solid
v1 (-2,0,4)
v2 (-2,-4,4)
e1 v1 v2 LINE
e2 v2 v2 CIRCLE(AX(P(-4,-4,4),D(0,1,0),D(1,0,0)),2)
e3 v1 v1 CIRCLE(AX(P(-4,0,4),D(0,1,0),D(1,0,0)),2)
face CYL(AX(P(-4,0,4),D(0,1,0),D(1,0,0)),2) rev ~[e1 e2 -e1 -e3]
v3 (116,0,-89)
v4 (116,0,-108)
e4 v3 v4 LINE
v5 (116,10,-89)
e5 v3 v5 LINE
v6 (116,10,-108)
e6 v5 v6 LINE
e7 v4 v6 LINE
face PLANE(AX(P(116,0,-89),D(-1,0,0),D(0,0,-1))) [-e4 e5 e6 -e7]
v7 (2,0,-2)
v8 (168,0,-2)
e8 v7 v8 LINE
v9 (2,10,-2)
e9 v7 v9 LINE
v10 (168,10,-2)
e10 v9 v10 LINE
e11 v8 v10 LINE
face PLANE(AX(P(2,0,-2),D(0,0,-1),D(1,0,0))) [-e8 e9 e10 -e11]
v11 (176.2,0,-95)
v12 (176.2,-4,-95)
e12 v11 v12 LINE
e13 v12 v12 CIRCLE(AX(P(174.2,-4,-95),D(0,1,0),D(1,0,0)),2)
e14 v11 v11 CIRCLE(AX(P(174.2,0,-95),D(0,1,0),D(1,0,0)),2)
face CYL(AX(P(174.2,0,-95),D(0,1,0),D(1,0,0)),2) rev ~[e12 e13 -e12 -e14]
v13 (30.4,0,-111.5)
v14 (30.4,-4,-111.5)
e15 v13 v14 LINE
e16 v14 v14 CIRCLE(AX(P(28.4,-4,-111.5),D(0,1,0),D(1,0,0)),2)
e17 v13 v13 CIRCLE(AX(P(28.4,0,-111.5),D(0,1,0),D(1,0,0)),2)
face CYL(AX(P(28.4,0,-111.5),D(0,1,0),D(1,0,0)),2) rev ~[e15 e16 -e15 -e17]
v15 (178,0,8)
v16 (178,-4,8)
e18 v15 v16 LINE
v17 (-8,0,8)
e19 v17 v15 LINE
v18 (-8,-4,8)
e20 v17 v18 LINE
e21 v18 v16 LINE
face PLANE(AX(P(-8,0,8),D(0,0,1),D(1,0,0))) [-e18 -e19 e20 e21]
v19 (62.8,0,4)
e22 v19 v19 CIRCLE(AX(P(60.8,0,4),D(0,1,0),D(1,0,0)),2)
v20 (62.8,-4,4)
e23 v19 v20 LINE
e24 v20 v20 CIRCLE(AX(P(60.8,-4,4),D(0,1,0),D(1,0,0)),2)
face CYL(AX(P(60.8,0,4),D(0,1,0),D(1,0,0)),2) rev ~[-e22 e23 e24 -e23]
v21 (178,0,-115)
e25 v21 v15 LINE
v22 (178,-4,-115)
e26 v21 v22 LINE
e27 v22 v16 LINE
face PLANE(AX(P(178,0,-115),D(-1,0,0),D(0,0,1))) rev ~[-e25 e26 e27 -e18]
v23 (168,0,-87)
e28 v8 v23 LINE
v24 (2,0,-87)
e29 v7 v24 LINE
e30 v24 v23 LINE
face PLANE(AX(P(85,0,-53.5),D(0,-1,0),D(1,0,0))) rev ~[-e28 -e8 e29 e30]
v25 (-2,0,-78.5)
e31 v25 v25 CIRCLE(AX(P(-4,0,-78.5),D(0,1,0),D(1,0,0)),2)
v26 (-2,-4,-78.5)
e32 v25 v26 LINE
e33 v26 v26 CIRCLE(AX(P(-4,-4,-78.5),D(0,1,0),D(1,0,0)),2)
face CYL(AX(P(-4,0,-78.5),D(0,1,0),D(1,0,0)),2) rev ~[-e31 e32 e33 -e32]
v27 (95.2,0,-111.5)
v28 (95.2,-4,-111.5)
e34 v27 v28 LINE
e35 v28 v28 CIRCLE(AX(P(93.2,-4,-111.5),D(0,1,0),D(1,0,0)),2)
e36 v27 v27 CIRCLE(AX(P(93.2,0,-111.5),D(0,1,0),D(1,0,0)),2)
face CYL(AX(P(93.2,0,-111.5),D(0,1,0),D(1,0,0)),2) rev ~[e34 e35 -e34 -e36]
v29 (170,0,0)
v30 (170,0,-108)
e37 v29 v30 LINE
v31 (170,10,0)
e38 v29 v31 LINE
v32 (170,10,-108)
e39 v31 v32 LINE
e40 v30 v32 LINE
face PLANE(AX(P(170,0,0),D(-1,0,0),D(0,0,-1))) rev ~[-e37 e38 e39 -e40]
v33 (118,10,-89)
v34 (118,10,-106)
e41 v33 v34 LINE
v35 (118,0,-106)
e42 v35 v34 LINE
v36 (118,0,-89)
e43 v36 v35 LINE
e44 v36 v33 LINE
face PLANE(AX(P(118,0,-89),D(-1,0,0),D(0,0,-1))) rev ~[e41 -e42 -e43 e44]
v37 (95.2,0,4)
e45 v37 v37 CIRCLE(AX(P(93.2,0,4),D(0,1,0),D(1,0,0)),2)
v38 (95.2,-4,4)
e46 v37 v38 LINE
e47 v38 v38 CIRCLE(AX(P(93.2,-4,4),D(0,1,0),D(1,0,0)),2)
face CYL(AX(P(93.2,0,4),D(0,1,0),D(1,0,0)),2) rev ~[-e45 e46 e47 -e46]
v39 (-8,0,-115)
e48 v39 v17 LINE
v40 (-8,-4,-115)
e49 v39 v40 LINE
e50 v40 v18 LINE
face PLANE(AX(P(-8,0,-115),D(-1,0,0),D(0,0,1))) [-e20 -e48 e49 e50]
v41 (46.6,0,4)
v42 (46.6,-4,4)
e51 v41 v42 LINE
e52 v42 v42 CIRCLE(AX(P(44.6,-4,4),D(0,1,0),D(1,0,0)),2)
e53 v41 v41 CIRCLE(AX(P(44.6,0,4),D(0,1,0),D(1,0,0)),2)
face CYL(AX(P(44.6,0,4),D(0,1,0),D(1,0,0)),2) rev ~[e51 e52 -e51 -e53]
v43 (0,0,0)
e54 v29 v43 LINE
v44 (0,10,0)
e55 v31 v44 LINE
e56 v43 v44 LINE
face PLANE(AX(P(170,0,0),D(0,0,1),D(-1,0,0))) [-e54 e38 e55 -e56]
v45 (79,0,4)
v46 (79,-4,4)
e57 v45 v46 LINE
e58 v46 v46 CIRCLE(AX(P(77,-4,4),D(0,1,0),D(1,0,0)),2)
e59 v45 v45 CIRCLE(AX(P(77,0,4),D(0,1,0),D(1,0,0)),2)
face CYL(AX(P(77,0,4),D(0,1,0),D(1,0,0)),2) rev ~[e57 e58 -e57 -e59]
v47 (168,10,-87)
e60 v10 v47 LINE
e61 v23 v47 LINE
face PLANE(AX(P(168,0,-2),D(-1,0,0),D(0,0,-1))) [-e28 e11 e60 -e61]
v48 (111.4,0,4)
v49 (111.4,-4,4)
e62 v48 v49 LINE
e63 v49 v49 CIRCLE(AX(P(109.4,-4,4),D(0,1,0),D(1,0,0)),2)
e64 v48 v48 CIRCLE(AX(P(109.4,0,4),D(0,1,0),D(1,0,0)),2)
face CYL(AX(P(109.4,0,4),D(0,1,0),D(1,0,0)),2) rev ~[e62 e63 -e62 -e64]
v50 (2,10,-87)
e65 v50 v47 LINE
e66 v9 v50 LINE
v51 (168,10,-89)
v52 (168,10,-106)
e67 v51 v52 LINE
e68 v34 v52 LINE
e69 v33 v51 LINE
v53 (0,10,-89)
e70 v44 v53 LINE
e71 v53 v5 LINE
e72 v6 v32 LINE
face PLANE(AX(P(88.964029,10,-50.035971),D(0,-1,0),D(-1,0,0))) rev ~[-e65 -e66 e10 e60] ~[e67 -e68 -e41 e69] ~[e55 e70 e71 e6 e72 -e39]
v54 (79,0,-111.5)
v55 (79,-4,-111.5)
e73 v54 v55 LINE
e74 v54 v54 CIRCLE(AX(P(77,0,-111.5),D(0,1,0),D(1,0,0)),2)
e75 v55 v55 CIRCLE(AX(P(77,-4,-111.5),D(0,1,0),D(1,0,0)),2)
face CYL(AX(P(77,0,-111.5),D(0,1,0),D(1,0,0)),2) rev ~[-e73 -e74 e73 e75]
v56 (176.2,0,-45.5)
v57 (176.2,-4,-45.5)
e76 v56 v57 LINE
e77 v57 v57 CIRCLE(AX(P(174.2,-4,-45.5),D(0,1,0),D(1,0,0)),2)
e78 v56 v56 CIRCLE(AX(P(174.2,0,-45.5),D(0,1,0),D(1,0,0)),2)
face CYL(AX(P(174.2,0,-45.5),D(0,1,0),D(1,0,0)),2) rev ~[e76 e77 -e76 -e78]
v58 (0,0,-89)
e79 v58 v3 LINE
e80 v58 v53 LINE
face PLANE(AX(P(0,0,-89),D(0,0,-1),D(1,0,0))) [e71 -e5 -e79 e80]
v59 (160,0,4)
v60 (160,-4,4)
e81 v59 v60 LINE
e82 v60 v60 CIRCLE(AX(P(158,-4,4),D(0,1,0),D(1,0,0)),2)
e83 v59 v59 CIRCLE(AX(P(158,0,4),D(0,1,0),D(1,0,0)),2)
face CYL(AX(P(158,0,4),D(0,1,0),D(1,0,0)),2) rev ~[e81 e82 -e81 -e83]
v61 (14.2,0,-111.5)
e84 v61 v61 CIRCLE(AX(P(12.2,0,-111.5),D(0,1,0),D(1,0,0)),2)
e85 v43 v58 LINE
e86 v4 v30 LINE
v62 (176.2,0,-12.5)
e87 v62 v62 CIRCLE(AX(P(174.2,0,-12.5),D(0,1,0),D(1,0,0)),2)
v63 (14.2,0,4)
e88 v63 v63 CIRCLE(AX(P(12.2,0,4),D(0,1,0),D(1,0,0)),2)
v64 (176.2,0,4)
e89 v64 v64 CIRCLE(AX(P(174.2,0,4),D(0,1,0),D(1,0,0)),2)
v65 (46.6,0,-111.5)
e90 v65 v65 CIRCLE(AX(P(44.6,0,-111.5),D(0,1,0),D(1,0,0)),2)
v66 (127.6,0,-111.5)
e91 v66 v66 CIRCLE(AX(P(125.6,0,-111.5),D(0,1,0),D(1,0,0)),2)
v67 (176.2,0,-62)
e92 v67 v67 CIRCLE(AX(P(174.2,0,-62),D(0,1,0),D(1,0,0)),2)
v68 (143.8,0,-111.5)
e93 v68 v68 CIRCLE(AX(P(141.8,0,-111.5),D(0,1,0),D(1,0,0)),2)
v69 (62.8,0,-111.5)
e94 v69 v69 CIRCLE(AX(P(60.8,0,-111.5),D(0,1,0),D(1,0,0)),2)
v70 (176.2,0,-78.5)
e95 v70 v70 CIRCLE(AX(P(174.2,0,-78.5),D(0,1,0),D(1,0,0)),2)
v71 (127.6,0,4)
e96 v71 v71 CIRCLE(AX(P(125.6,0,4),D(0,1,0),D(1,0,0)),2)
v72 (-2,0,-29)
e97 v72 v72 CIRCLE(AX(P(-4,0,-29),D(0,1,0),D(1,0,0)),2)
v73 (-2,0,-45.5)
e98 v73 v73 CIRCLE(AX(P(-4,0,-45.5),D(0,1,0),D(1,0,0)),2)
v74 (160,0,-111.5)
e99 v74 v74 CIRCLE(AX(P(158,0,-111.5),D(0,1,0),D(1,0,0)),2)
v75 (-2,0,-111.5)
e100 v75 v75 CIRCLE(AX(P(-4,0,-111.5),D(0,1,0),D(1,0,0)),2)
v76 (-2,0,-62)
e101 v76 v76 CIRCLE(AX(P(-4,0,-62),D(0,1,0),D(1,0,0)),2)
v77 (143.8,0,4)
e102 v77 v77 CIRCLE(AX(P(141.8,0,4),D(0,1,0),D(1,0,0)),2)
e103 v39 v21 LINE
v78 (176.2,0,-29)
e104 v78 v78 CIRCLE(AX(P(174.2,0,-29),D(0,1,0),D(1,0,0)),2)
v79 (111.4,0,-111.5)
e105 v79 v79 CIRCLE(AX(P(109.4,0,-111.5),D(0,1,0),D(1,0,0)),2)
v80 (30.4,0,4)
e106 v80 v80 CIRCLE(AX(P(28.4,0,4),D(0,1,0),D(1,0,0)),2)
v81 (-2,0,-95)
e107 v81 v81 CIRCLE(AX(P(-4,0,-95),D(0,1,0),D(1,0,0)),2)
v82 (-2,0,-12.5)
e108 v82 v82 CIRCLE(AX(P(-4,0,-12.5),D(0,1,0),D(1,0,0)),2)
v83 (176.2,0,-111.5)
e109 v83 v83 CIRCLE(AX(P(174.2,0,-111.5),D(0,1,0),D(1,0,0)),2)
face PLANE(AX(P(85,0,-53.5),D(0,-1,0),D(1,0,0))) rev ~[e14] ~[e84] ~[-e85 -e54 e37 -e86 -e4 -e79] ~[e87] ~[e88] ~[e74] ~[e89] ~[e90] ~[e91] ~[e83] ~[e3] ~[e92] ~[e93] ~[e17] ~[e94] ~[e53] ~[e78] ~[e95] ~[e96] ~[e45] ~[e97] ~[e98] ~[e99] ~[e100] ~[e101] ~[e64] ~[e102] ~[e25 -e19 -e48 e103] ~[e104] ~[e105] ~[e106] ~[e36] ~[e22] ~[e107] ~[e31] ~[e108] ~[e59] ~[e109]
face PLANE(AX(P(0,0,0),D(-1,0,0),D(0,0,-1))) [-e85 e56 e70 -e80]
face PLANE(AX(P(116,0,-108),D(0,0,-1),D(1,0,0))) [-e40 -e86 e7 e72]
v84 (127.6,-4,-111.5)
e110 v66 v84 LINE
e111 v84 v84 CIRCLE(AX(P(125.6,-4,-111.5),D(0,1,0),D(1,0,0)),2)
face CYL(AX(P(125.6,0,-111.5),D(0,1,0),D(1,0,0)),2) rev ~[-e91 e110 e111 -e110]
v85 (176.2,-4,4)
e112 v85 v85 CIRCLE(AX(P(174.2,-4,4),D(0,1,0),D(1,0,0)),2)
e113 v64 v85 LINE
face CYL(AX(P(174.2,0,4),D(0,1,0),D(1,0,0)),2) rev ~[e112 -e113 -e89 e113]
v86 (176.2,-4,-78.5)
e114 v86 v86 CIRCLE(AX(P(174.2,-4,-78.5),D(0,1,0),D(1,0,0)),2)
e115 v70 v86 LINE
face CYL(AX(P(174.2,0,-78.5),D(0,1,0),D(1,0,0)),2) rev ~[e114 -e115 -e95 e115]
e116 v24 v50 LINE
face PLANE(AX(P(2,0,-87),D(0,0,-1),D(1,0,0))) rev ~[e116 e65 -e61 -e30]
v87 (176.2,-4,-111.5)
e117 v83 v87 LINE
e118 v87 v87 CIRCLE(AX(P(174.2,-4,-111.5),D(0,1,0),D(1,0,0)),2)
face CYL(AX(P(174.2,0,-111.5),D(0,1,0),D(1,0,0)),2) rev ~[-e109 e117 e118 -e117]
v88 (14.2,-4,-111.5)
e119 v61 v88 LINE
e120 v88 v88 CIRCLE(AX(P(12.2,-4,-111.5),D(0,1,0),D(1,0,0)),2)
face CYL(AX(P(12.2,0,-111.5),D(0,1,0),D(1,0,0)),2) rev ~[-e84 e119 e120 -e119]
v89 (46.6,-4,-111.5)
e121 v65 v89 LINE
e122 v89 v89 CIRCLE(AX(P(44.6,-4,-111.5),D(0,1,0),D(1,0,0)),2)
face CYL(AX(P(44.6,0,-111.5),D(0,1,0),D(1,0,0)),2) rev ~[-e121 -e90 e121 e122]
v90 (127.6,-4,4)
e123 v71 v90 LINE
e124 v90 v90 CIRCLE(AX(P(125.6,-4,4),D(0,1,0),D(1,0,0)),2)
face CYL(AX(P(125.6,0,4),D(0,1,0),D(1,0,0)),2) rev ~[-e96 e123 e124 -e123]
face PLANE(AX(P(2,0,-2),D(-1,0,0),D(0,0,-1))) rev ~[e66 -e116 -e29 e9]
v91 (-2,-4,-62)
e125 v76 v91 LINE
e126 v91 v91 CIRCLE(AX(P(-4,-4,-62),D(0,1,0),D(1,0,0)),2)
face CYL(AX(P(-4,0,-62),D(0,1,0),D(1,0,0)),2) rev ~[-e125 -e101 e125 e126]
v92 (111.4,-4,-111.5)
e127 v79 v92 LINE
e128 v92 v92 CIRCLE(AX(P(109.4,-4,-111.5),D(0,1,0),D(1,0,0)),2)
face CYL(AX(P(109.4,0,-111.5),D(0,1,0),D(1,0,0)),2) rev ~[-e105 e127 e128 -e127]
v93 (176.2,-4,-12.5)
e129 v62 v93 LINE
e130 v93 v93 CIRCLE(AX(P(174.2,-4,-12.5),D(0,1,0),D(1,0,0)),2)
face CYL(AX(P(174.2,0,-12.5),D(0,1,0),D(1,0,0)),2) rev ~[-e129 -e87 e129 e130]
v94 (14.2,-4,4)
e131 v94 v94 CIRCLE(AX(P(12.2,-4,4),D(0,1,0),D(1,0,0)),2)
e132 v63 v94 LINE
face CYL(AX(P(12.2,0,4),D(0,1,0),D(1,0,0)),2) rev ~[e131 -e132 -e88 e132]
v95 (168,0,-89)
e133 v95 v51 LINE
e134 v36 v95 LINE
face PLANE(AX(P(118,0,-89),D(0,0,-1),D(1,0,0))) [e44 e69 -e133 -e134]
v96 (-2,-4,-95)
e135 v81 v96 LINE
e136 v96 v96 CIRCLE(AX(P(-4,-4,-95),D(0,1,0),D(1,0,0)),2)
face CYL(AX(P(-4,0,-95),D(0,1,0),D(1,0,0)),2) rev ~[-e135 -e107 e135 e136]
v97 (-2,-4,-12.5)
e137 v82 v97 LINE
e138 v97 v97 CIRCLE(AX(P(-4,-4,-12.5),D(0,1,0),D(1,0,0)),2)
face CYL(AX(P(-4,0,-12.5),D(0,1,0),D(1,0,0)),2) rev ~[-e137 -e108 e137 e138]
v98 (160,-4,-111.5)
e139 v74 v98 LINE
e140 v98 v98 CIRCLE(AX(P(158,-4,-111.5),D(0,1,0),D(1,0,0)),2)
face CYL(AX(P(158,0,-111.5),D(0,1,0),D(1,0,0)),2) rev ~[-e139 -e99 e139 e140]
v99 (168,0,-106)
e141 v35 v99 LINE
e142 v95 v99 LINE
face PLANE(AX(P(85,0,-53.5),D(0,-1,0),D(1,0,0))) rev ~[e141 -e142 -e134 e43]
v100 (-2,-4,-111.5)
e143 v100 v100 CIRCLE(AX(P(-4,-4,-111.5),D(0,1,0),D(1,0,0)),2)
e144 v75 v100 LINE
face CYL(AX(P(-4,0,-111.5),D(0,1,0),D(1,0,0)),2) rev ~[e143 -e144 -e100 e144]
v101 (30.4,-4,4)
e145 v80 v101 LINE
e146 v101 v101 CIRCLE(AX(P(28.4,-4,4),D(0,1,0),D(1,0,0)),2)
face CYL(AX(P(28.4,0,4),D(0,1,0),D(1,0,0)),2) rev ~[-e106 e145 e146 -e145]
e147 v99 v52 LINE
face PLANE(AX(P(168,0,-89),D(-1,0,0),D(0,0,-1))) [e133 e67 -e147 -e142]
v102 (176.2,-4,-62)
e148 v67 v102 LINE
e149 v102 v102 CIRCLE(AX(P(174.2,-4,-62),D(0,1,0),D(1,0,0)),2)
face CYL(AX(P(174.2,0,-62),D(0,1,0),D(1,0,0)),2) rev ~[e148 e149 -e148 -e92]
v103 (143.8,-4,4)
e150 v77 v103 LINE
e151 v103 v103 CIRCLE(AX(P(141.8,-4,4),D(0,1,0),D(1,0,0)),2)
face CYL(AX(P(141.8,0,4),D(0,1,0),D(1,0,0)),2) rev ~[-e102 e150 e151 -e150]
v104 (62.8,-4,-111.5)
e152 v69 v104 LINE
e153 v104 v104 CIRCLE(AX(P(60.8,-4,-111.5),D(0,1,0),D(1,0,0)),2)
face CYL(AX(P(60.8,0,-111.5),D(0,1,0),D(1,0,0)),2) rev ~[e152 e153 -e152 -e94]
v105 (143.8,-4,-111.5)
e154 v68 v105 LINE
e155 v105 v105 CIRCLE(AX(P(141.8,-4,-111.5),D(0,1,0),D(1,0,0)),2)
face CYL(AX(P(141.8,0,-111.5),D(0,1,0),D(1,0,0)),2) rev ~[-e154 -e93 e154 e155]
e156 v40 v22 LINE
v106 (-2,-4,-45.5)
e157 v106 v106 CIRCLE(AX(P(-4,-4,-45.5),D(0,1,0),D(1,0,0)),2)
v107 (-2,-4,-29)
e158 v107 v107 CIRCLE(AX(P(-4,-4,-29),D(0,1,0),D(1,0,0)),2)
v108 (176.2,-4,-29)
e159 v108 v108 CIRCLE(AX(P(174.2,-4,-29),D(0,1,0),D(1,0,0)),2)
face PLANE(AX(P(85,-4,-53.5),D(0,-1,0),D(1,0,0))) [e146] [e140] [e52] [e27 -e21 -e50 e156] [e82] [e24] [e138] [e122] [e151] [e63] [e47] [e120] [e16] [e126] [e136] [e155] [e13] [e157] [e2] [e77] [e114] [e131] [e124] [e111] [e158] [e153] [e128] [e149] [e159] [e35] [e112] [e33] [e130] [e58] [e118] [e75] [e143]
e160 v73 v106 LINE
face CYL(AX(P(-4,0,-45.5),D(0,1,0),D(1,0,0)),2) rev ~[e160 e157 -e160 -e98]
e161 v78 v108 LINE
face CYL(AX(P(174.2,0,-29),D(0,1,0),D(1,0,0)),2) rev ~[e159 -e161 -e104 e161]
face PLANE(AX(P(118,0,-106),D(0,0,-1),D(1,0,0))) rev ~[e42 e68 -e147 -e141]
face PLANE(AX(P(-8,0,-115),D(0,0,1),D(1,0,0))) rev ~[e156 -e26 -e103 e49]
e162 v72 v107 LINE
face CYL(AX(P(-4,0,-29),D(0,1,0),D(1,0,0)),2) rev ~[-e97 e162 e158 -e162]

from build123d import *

# Parameters (mm, degrees)
SKETCH1_W           = 166
SKETCH1_H           = 85
SKETCH1_W_2         = 50
SKETCH1_H_2         = 17
BOSS_EXTRUDE4_DEPTH = 10
SKETCH2_W           = 186
SKETCH2_H           = 123
BOSS_EXTRUDE5_DEPTH = 4
SKETCH3_R           = 2
CUT_EXTRUDE2_DEPTH  = 4


with BuildPart() as part:
    # Sketch1 → Boss-Extrude4 (new body)
    with BuildSketch(Plane(origin=(0, 0, 0), x_dir=(1, 0, 0), z_dir=(0, 1, 0))):
        Polygon((0, 89), (116, 89), (116, 108), (170, 108), (170, 89), (170, 0), (0, 0), align=None)
        with Locations((85, 44.5)):
            Rectangle(SKETCH1_W, SKETCH1_H, mode=Mode.SUBTRACT)
        with Locations((143, 97.5)):
            Rectangle(SKETCH1_W_2, SKETCH1_H_2, mode=Mode.SUBTRACT)
    extrude(amount=BOSS_EXTRUDE4_DEPTH)

    # Sketch2 → Boss-Extrude5 (add)
    with BuildSketch(Plane.XZ):
        with Locations((85, -53.5)):
            Rectangle(SKETCH2_W, SKETCH2_H)
    extrude(amount=BOSS_EXTRUDE5_DEPTH)

    # Sketch3 → Cut-Extrude2 (cut)
    with BuildSketch(Plane(origin=(0, 0, 0), x_dir=(1, 0, 0), z_dir=(0, 1, 0))):
        with Locations((-4, -4)):
            Circle(SKETCH3_R)
        with Locations((12.2, -4)):
            Circle(SKETCH3_R)
        with Locations((28.4, -4)):
            Circle(SKETCH3_R)
        with Locations((44.6, -4)):
            Circle(SKETCH3_R)
        with Locations((60.8, -4)):
            Circle(SKETCH3_R)
        with Locations((77, -4)):
            Circle(SKETCH3_R)
        with Locations((93.2, -4)):
            Circle(SKETCH3_R)
        with Locations((109.4, -4)):
            Circle(SKETCH3_R)
        with Locations((125.6, -4)):
            Circle(SKETCH3_R)
        with Locations((141.8, -4)):
            Circle(SKETCH3_R)
        with Locations((158, -4)):
            Circle(SKETCH3_R)
        with Locations((174.2, -4)):
            Circle(SKETCH3_R)
        with Locations((174.2, 12.5)):
            Circle(SKETCH3_R)
        with Locations((174.2, 29)):
            Circle(SKETCH3_R)
        with Locations((174.2, 45.5)):
            Circle(SKETCH3_R)
        with Locations((174.2, 62)):
            Circle(SKETCH3_R)
        with Locations((174.2, 78.5)):
            Circle(SKETCH3_R)
        with Locations((174.2, 95)):
            Circle(SKETCH3_R)
        with Locations((12.2, 111.5)):
            Circle(SKETCH3_R)
        with Locations((28.4, 111.5)):
            Circle(SKETCH3_R)
        with Locations((44.6, 111.5)):
            Circle(SKETCH3_R)
        with Locations((60.8, 111.5)):
            Circle(SKETCH3_R)
        with Locations((77, 111.5)):
            Circle(SKETCH3_R)
        with Locations((93.2, 111.5)):
            Circle(SKETCH3_R)
        with Locations((109.4, 111.5)):
            Circle(SKETCH3_R)
        with Locations((125.6, 111.5)):
            Circle(SKETCH3_R)
        with Locations((141.8, 111.5)):
            Circle(SKETCH3_R)
        with Locations((158, 111.5)):
            Circle(SKETCH3_R)
        with Locations((174.2, 111.5)):
            Circle(SKETCH3_R)
        with Locations((-4, 12.5)):
            Circle(SKETCH3_R)
        with Locations((-4, 29)):
            Circle(SKETCH3_R)
        with Locations((-4, 45.5)):
            Circle(SKETCH3_R)
        with Locations((-4, 62)):
            Circle(SKETCH3_R)
        with Locations((-4, 78.5)):
            Circle(SKETCH3_R)
        with Locations((-4, 95)):
            Circle(SKETCH3_R)
        with Locations((-4, 111.5)):
            Circle(SKETCH3_R)
    extrude(amount=-CUT_EXTRUDE2_DEPTH, mode=Mode.SUBTRACT)


solid = part.part
